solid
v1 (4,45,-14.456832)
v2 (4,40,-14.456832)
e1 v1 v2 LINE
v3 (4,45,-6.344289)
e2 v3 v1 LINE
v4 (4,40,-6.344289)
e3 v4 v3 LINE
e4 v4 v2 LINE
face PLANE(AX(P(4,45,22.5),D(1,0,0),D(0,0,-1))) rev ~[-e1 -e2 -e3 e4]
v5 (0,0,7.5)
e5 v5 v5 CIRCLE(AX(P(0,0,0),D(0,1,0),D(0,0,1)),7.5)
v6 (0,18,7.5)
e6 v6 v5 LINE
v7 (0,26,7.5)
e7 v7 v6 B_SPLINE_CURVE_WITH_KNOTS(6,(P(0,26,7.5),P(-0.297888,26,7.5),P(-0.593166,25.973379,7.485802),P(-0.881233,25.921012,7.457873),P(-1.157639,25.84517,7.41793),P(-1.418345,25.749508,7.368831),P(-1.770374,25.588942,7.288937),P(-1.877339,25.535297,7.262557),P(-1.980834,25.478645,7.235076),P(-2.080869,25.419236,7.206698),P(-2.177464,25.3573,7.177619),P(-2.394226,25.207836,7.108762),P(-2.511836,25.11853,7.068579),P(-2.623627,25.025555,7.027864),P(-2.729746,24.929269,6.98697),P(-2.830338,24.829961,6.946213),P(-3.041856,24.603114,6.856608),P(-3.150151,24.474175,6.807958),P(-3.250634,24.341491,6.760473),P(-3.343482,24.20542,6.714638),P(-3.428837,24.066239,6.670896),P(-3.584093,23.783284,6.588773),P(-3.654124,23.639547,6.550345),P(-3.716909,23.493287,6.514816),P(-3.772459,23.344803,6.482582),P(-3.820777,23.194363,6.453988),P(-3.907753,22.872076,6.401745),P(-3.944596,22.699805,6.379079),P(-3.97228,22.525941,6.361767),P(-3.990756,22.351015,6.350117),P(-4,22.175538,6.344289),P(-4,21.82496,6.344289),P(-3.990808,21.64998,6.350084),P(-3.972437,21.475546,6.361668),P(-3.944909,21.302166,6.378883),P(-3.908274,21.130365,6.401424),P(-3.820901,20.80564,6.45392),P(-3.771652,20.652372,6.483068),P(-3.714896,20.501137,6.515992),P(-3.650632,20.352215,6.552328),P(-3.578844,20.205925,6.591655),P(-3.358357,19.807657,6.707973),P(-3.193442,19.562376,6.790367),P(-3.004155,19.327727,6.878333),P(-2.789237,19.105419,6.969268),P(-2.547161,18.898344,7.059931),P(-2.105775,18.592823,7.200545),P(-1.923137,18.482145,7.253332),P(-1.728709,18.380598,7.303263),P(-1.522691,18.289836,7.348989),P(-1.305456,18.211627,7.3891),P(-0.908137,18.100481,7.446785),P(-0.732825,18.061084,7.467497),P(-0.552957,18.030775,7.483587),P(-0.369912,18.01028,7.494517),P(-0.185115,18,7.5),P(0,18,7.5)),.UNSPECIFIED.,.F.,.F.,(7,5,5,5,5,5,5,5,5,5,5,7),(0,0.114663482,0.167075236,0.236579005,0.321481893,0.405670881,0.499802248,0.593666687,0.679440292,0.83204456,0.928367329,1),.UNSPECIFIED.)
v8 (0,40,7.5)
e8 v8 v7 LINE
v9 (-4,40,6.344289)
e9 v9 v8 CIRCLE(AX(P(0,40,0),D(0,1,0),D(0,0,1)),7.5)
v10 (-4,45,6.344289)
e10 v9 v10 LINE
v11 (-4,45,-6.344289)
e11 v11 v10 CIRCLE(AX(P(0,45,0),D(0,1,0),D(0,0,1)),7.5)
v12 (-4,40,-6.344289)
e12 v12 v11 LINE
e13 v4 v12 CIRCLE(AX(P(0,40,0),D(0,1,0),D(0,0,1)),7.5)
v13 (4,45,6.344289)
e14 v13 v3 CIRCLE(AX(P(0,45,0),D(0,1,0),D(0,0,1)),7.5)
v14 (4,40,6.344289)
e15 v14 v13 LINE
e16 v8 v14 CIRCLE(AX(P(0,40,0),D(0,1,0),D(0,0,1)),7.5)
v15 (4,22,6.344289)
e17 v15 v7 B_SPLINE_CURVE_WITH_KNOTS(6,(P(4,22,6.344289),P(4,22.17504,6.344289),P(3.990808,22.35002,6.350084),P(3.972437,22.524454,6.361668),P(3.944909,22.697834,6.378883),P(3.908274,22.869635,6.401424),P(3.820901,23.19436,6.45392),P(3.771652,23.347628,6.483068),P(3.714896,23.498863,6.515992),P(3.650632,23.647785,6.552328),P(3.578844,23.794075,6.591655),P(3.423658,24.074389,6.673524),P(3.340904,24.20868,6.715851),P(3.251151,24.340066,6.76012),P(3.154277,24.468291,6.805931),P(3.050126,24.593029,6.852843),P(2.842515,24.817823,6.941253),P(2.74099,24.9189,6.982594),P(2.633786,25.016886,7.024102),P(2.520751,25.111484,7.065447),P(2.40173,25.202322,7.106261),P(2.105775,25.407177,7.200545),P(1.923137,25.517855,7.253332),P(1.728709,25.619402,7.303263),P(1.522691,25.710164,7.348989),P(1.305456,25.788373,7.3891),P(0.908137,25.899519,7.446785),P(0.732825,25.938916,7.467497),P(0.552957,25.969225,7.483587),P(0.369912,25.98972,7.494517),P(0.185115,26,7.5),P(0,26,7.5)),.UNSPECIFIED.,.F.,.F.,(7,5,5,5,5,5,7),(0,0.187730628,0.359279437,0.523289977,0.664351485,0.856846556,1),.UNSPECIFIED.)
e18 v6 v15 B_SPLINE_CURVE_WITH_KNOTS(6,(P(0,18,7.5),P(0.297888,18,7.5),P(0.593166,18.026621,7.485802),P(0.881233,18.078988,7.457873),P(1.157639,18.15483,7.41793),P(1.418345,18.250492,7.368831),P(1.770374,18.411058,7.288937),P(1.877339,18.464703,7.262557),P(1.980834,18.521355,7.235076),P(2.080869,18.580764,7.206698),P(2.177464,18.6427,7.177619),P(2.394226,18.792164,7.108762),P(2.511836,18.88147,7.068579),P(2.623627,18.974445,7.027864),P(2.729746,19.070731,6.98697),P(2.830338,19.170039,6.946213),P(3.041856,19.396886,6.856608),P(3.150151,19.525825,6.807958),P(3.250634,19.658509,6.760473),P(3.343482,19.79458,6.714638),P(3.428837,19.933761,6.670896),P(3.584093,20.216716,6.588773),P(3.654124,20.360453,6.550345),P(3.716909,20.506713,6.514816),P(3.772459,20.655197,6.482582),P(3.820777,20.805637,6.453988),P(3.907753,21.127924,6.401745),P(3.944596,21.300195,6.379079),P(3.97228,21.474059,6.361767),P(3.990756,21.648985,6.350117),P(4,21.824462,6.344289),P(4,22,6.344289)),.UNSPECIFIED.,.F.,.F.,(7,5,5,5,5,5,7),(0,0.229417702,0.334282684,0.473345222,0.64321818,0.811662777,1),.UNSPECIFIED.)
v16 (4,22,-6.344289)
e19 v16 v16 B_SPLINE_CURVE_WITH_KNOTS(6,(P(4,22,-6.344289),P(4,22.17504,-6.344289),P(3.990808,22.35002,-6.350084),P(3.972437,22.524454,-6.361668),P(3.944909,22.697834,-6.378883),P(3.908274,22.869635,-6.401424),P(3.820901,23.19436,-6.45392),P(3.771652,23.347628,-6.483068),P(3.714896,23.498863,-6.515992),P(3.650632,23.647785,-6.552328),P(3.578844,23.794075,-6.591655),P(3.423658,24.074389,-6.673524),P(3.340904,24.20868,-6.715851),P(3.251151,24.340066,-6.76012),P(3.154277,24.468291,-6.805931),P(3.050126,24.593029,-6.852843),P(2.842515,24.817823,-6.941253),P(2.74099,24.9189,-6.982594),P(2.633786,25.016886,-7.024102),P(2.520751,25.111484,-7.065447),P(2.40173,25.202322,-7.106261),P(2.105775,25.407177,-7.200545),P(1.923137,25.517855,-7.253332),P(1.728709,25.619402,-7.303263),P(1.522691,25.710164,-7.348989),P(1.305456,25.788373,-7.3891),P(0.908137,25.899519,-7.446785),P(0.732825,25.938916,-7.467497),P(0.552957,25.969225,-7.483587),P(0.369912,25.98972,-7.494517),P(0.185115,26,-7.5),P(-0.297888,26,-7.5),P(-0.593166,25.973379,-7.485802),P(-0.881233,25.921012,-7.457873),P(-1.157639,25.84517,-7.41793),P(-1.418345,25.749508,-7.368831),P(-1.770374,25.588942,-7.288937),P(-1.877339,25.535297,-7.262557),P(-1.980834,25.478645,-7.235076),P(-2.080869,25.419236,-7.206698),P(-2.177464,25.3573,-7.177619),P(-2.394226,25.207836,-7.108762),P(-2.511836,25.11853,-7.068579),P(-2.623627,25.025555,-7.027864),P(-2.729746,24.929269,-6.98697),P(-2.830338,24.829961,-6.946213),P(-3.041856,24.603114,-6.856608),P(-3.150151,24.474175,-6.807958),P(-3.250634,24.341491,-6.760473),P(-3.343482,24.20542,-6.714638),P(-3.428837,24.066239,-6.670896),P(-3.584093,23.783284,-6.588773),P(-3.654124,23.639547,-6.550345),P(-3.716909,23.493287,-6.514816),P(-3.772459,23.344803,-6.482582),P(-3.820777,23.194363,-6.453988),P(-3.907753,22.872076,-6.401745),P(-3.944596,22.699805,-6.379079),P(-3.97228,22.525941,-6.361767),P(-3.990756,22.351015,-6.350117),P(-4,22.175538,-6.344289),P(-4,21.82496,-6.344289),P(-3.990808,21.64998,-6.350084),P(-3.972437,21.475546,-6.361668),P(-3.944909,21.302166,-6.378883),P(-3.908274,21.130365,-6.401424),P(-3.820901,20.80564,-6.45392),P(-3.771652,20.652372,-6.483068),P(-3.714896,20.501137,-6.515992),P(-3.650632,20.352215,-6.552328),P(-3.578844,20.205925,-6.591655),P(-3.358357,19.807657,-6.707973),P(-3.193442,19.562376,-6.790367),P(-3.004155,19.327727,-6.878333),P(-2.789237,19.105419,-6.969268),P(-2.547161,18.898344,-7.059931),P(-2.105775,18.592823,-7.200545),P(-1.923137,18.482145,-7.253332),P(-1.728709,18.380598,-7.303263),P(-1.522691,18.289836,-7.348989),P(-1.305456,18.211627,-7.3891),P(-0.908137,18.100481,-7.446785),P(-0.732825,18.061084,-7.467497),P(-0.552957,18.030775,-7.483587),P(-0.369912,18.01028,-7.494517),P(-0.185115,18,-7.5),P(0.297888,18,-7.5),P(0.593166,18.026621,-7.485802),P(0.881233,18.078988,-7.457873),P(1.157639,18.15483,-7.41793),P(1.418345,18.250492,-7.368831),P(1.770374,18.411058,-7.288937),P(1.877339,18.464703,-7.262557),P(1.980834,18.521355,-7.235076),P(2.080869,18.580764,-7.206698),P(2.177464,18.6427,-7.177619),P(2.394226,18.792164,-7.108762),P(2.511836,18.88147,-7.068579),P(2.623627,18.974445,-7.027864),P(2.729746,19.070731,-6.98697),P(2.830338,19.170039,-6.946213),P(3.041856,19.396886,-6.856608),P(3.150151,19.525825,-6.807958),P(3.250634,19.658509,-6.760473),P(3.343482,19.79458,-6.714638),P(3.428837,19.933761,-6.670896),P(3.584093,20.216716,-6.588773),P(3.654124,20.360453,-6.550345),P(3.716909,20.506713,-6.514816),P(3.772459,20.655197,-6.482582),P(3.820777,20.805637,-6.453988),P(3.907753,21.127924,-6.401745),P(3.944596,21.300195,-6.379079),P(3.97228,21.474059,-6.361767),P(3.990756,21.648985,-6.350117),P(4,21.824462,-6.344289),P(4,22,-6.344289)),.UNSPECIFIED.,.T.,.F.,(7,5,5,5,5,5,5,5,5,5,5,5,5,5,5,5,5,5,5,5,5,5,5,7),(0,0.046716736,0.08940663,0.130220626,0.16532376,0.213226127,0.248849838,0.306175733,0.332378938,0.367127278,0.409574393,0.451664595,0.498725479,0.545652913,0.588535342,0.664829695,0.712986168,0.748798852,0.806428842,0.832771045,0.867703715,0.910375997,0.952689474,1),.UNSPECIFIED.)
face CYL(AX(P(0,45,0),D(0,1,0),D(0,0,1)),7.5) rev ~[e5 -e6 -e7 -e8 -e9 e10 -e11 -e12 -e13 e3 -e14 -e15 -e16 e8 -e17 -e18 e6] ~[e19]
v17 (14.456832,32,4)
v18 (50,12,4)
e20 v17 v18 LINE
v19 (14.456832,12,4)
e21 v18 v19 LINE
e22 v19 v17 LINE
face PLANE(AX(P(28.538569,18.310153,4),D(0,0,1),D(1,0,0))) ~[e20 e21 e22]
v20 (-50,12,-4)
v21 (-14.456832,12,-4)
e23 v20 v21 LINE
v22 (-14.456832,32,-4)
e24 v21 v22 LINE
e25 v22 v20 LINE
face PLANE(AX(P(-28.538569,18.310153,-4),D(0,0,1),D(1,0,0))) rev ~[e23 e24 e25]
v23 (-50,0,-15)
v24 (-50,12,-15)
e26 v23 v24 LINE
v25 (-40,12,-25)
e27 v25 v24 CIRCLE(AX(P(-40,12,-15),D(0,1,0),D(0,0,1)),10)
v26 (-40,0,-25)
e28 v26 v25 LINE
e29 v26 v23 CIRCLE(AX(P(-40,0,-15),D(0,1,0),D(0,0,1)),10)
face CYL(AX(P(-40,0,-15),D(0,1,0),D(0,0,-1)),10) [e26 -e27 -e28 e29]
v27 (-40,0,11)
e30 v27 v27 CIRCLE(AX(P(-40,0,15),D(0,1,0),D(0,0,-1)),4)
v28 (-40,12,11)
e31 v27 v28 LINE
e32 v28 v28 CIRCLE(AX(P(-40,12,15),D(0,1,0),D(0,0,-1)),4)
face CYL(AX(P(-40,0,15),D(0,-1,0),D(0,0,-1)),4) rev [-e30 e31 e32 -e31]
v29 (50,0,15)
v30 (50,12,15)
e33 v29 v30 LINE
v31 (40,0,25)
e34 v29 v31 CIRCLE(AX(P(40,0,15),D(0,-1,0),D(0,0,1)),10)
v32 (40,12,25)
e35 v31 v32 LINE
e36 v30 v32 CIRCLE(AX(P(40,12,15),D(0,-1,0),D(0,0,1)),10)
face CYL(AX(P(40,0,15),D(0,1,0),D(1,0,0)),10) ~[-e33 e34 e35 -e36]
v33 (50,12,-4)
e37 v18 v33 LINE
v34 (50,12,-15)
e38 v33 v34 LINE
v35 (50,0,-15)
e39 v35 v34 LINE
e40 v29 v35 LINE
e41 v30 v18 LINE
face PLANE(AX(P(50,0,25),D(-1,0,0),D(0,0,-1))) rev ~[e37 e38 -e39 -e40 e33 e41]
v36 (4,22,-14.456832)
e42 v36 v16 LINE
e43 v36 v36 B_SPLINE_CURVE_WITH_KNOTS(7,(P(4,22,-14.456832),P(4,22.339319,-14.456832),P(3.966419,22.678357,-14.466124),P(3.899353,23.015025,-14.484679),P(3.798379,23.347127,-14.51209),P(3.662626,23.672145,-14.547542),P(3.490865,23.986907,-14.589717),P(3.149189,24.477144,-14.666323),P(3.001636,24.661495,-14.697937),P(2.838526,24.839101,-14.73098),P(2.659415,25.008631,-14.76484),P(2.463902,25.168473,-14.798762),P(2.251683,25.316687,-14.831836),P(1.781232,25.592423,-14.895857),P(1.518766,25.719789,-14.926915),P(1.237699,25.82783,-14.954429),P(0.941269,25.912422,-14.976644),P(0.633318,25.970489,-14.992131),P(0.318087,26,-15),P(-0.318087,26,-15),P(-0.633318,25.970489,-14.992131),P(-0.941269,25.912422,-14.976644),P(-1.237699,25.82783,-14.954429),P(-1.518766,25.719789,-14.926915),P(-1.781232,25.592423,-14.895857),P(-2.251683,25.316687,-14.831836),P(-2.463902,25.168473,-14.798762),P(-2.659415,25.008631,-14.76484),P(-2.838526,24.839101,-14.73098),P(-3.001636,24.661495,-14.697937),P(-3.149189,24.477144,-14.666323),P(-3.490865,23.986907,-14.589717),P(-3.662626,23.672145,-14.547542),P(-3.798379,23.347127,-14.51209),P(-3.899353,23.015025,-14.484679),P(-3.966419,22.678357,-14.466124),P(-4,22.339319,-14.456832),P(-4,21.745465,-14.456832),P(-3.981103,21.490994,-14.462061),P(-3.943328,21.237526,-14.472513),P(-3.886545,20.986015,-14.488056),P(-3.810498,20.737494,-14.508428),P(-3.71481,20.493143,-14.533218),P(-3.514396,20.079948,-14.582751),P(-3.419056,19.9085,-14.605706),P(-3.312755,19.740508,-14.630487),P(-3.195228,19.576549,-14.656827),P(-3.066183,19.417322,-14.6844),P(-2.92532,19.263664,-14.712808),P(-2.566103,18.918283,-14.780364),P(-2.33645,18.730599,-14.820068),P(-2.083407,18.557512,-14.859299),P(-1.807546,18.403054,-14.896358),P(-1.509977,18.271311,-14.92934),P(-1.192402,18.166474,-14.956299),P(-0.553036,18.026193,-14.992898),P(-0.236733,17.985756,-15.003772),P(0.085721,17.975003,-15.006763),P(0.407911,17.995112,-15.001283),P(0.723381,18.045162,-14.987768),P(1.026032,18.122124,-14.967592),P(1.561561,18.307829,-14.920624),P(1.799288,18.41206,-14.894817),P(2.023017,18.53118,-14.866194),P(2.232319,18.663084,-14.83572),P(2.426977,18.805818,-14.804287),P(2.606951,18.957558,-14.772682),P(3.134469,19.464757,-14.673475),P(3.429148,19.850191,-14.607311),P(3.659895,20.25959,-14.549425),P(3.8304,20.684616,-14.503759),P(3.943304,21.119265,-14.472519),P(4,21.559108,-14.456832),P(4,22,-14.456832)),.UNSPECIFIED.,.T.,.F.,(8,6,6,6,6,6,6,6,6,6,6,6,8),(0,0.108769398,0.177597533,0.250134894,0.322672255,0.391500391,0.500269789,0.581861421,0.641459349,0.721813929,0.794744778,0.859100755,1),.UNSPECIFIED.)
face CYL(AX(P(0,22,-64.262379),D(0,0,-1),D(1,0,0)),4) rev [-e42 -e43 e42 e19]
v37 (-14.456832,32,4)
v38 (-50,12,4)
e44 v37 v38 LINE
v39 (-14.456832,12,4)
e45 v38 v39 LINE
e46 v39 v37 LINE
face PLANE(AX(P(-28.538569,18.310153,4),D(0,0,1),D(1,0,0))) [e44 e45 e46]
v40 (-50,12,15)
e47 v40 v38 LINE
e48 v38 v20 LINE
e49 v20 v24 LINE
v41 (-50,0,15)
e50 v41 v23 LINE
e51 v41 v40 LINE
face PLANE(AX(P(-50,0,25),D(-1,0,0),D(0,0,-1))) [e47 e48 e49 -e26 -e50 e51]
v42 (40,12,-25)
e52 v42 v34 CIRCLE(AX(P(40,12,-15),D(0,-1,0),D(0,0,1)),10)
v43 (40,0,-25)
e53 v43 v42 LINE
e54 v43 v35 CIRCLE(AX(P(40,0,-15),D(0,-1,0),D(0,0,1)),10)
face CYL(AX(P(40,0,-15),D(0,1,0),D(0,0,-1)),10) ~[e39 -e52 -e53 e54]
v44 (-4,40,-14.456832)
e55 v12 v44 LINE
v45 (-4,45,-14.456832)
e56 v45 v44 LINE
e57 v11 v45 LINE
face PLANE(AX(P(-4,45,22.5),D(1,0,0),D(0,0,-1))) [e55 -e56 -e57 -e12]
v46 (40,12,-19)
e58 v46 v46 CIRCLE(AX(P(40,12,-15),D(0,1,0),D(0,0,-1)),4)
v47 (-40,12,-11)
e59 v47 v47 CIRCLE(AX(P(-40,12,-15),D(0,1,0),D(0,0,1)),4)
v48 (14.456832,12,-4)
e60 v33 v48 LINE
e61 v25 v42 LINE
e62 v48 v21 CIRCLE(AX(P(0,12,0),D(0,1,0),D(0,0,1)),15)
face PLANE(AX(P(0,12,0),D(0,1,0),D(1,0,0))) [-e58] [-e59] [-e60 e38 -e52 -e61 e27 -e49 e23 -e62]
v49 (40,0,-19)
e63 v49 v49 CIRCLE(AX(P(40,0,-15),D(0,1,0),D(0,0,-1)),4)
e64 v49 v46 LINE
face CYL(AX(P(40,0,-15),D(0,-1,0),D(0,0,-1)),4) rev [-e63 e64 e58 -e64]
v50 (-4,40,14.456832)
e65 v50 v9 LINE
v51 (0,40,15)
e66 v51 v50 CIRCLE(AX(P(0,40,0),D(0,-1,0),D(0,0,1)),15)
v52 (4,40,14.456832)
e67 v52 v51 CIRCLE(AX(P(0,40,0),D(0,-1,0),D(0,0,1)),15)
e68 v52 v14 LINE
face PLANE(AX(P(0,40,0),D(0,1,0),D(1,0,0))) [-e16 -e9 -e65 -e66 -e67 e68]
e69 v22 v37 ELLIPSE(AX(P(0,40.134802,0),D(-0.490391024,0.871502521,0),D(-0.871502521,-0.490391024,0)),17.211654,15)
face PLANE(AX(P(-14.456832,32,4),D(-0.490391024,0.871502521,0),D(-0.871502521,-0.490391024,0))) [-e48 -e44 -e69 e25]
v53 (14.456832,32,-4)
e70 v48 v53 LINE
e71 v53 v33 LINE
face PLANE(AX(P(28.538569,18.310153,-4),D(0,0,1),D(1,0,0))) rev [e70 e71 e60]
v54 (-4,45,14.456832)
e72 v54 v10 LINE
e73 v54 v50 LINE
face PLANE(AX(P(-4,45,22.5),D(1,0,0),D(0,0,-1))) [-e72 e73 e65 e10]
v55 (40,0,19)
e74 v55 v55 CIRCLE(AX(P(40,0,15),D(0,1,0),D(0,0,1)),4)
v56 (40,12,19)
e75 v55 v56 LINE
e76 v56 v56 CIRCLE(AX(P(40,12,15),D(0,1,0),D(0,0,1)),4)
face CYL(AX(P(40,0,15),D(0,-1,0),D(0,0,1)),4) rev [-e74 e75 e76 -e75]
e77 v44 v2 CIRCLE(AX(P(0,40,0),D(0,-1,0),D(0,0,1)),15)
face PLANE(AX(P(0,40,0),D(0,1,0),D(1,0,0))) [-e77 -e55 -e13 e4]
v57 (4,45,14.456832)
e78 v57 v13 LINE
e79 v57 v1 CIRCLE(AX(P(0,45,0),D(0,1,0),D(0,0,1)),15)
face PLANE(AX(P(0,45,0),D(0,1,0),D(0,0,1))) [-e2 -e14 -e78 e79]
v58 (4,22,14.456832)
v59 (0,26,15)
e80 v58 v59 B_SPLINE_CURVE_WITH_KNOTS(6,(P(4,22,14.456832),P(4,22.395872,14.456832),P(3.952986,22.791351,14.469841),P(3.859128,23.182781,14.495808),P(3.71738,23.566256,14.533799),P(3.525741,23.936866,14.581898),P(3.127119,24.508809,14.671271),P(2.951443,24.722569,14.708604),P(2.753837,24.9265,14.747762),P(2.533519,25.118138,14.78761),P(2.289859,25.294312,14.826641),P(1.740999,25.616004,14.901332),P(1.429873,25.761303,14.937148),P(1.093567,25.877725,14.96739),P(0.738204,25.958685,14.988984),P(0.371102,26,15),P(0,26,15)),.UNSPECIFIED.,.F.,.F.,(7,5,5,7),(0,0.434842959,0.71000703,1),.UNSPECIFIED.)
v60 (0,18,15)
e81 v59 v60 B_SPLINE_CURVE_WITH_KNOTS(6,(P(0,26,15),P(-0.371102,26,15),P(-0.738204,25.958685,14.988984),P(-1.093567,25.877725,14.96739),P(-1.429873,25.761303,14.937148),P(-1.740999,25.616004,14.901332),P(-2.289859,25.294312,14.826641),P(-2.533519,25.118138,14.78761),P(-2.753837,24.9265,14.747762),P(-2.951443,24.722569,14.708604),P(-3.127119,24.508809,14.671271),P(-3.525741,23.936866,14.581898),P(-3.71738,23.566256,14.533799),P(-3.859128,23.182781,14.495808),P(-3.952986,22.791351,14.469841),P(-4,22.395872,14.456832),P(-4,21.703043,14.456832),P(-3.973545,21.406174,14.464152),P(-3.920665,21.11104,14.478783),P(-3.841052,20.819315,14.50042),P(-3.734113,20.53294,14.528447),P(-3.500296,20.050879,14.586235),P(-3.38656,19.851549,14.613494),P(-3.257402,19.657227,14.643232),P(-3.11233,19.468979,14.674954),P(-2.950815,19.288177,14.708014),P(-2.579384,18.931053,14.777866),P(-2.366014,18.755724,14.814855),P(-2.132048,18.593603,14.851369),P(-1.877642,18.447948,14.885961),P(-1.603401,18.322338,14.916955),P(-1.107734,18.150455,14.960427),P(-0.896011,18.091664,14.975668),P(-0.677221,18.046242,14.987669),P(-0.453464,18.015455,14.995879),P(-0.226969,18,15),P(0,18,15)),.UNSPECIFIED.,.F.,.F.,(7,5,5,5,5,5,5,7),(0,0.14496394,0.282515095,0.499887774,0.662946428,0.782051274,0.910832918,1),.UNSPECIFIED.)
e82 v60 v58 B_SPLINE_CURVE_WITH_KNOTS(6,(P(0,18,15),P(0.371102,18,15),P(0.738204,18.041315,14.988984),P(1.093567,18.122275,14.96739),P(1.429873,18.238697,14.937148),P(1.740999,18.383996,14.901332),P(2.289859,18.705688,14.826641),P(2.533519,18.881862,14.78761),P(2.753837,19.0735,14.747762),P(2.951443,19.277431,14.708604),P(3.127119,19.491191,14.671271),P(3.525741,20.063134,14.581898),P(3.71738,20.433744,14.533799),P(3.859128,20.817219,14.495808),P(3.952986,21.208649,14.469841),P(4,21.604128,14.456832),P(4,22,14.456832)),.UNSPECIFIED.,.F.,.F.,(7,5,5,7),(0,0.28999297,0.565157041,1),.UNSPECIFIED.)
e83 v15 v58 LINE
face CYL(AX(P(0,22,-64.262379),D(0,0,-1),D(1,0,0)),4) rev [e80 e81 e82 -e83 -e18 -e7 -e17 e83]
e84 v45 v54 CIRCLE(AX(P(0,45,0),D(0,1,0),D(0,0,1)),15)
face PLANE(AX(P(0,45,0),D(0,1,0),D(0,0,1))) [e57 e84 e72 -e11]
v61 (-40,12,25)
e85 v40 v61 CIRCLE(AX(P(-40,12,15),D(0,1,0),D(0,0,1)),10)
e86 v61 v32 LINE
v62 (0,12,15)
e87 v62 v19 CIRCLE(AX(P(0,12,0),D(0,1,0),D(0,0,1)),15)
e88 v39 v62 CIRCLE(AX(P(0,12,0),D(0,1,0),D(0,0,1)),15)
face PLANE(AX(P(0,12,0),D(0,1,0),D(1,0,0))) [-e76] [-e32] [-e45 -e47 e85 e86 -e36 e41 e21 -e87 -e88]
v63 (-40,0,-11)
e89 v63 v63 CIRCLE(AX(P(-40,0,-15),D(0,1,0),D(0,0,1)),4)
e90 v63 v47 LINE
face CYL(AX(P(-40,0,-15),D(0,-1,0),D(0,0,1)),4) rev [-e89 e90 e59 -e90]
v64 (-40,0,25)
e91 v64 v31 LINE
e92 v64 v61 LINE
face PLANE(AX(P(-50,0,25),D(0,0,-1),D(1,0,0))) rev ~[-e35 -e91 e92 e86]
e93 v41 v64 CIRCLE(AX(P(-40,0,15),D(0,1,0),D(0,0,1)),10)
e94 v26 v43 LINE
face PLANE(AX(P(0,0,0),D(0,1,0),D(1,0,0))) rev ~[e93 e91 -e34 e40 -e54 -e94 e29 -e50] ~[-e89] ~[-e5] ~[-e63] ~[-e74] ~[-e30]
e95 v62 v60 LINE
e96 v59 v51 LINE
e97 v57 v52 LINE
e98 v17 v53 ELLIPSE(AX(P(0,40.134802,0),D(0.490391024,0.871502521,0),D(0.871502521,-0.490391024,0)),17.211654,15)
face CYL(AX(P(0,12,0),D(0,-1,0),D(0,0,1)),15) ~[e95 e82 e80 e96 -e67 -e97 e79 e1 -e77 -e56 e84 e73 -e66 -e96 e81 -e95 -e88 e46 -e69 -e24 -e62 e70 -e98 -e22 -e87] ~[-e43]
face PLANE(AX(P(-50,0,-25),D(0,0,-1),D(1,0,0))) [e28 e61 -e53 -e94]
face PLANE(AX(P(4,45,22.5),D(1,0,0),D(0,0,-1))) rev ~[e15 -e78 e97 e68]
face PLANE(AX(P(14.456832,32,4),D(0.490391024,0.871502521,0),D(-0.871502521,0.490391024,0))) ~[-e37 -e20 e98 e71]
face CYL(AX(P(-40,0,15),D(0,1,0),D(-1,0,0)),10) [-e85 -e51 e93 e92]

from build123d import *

# Parameters (mm, degrees)
SKETCH_1_W               = 100
SKETCH_1_H               = 50
SKETCH_1_R               = 4
EXTRUDE_1_DEPTH          = 12
FILLET_1_R               = 10
FILLET_2_R               = 10
SKETCH_2_R               = 15
EXTRUDE_2_DEPTH          = 33
SKETCH_3_R               = 7.5
CUT_EXTRUDE_1_DEPTH      = 72.763500472
CUT_EXTRUDE_START        = -10
SKETCH_4_W               = 8
SKETCH_4_H               = 45
CUT_EXTRUDE_2_DEPTH      = 5
CUT_EXTRUDE_3_DEPTH      = 79.262379212
CUT_EXTRUDE_3_DEPTH_BACK = 79.262379212
SKETCH_5_R               = 4
EXTRUDE_3_DEPTH          = 8


with BuildPart() as part:
    # 草图1 → 凸台-拉伸1 (new body)
    with BuildSketch(Plane(origin=(0, 0, 0), x_dir=(1, 0, 0), z_dir=(0, 1, 0))):
        Rectangle(SKETCH_1_W, SKETCH_1_H)
        with Locations(Location((-40, 15, 0), (0, 0, 270))):
            Circle(SKETCH_1_R, mode=Mode.SUBTRACT)
        with Locations(Location((-40, -15, 0), (0, 0, 90))):
            Circle(SKETCH_1_R, mode=Mode.SUBTRACT)
        with Locations(Location((40, -15, 0), (0, 0, 270))):
            Circle(SKETCH_1_R, mode=Mode.SUBTRACT)
        with Locations(Location((40, 15, 0), (0, 0, 90))):
            Circle(SKETCH_1_R, mode=Mode.SUBTRACT)
    extrude(amount=EXTRUDE_1_DEPTH)

    # 圆角1
    fillet_1_edges = [part.edges().sort_by_distance(p)[0] for p in [
        (50, 6, -25),
    ]]
    fillet(fillet_1_edges, radius=FILLET_1_R)

    # 圆角2
    fillet_2_edges = [part.edges().sort_by_distance(p)[0] for p in [
        (-50, 6, -25),
        (50, 6, 25),
        (-50, 6, 25),
    ]]
    fillet(fillet_2_edges, radius=FILLET_2_R)

    # 草图2 → 凸台-拉伸2 (add)
    with BuildSketch(Plane(origin=(0, 12, 0), x_dir=(1, 0, 0), z_dir=(0, 1, 0))):
        with Locations(Location((0, 0, 0), (0, 0, 270))):
            Circle(SKETCH_2_R)
    extrude(amount=EXTRUDE_2_DEPTH)

    # 草图3 → 切除-拉伸1 (cut, through all)
    with BuildSketch(Plane(origin=(0, 45, 0), x_dir=(1, 0, 0), z_dir=(0, 1, 0))):
        with Locations(Location((0, 0, 0), (0, 0, 270))):
            Circle(SKETCH_3_R)
    extrude(amount=-CUT_EXTRUDE_1_DEPTH, mode=Mode.SUBTRACT)

    # 草图4 → 切除-拉伸2 (cut)
    with BuildSketch(Plane(origin=(0, 55, 0), x_dir=(1, 0, 0), z_dir=(0, 1, 0)).offset(CUT_EXTRUDE_START)):
        Rectangle(SKETCH_4_W, SKETCH_4_H)
    extrude(amount=-CUT_EXTRUDE_2_DEPTH, mode=Mode.SUBTRACT)

    # 草图5 → 切除-拉伸3 (cut, two sides: drawn at the far end of the back side and taken through both)
    with BuildSketch(Plane.XY.offset(15).offset(-CUT_EXTRUDE_3_DEPTH_BACK)):
        with Locations((0, 22)):
            Circle(SKETCH_5_R)
    extrude(amount=CUT_EXTRUDE_3_DEPTH + CUT_EXTRUDE_3_DEPTH_BACK, mode=Mode.SUBTRACT)

    # 草图8 → 凸台-拉伸3 (add)
    with BuildSketch(Plane.XY.offset(4)):
        Polygon((-50, 12), (-14.456832295, 12), (-14.456832295, 32), align=None)
    extrude_3 = extrude(amount=-EXTRUDE_3_DEPTH)

    # 镜向1: 凸台-拉伸3 across plane
    add(extrude_3.mirror(Plane(origin=(0, 0, 0), x_dir=(0, 0, 1), z_dir=(1, 0, 0))))


solid = part.part
